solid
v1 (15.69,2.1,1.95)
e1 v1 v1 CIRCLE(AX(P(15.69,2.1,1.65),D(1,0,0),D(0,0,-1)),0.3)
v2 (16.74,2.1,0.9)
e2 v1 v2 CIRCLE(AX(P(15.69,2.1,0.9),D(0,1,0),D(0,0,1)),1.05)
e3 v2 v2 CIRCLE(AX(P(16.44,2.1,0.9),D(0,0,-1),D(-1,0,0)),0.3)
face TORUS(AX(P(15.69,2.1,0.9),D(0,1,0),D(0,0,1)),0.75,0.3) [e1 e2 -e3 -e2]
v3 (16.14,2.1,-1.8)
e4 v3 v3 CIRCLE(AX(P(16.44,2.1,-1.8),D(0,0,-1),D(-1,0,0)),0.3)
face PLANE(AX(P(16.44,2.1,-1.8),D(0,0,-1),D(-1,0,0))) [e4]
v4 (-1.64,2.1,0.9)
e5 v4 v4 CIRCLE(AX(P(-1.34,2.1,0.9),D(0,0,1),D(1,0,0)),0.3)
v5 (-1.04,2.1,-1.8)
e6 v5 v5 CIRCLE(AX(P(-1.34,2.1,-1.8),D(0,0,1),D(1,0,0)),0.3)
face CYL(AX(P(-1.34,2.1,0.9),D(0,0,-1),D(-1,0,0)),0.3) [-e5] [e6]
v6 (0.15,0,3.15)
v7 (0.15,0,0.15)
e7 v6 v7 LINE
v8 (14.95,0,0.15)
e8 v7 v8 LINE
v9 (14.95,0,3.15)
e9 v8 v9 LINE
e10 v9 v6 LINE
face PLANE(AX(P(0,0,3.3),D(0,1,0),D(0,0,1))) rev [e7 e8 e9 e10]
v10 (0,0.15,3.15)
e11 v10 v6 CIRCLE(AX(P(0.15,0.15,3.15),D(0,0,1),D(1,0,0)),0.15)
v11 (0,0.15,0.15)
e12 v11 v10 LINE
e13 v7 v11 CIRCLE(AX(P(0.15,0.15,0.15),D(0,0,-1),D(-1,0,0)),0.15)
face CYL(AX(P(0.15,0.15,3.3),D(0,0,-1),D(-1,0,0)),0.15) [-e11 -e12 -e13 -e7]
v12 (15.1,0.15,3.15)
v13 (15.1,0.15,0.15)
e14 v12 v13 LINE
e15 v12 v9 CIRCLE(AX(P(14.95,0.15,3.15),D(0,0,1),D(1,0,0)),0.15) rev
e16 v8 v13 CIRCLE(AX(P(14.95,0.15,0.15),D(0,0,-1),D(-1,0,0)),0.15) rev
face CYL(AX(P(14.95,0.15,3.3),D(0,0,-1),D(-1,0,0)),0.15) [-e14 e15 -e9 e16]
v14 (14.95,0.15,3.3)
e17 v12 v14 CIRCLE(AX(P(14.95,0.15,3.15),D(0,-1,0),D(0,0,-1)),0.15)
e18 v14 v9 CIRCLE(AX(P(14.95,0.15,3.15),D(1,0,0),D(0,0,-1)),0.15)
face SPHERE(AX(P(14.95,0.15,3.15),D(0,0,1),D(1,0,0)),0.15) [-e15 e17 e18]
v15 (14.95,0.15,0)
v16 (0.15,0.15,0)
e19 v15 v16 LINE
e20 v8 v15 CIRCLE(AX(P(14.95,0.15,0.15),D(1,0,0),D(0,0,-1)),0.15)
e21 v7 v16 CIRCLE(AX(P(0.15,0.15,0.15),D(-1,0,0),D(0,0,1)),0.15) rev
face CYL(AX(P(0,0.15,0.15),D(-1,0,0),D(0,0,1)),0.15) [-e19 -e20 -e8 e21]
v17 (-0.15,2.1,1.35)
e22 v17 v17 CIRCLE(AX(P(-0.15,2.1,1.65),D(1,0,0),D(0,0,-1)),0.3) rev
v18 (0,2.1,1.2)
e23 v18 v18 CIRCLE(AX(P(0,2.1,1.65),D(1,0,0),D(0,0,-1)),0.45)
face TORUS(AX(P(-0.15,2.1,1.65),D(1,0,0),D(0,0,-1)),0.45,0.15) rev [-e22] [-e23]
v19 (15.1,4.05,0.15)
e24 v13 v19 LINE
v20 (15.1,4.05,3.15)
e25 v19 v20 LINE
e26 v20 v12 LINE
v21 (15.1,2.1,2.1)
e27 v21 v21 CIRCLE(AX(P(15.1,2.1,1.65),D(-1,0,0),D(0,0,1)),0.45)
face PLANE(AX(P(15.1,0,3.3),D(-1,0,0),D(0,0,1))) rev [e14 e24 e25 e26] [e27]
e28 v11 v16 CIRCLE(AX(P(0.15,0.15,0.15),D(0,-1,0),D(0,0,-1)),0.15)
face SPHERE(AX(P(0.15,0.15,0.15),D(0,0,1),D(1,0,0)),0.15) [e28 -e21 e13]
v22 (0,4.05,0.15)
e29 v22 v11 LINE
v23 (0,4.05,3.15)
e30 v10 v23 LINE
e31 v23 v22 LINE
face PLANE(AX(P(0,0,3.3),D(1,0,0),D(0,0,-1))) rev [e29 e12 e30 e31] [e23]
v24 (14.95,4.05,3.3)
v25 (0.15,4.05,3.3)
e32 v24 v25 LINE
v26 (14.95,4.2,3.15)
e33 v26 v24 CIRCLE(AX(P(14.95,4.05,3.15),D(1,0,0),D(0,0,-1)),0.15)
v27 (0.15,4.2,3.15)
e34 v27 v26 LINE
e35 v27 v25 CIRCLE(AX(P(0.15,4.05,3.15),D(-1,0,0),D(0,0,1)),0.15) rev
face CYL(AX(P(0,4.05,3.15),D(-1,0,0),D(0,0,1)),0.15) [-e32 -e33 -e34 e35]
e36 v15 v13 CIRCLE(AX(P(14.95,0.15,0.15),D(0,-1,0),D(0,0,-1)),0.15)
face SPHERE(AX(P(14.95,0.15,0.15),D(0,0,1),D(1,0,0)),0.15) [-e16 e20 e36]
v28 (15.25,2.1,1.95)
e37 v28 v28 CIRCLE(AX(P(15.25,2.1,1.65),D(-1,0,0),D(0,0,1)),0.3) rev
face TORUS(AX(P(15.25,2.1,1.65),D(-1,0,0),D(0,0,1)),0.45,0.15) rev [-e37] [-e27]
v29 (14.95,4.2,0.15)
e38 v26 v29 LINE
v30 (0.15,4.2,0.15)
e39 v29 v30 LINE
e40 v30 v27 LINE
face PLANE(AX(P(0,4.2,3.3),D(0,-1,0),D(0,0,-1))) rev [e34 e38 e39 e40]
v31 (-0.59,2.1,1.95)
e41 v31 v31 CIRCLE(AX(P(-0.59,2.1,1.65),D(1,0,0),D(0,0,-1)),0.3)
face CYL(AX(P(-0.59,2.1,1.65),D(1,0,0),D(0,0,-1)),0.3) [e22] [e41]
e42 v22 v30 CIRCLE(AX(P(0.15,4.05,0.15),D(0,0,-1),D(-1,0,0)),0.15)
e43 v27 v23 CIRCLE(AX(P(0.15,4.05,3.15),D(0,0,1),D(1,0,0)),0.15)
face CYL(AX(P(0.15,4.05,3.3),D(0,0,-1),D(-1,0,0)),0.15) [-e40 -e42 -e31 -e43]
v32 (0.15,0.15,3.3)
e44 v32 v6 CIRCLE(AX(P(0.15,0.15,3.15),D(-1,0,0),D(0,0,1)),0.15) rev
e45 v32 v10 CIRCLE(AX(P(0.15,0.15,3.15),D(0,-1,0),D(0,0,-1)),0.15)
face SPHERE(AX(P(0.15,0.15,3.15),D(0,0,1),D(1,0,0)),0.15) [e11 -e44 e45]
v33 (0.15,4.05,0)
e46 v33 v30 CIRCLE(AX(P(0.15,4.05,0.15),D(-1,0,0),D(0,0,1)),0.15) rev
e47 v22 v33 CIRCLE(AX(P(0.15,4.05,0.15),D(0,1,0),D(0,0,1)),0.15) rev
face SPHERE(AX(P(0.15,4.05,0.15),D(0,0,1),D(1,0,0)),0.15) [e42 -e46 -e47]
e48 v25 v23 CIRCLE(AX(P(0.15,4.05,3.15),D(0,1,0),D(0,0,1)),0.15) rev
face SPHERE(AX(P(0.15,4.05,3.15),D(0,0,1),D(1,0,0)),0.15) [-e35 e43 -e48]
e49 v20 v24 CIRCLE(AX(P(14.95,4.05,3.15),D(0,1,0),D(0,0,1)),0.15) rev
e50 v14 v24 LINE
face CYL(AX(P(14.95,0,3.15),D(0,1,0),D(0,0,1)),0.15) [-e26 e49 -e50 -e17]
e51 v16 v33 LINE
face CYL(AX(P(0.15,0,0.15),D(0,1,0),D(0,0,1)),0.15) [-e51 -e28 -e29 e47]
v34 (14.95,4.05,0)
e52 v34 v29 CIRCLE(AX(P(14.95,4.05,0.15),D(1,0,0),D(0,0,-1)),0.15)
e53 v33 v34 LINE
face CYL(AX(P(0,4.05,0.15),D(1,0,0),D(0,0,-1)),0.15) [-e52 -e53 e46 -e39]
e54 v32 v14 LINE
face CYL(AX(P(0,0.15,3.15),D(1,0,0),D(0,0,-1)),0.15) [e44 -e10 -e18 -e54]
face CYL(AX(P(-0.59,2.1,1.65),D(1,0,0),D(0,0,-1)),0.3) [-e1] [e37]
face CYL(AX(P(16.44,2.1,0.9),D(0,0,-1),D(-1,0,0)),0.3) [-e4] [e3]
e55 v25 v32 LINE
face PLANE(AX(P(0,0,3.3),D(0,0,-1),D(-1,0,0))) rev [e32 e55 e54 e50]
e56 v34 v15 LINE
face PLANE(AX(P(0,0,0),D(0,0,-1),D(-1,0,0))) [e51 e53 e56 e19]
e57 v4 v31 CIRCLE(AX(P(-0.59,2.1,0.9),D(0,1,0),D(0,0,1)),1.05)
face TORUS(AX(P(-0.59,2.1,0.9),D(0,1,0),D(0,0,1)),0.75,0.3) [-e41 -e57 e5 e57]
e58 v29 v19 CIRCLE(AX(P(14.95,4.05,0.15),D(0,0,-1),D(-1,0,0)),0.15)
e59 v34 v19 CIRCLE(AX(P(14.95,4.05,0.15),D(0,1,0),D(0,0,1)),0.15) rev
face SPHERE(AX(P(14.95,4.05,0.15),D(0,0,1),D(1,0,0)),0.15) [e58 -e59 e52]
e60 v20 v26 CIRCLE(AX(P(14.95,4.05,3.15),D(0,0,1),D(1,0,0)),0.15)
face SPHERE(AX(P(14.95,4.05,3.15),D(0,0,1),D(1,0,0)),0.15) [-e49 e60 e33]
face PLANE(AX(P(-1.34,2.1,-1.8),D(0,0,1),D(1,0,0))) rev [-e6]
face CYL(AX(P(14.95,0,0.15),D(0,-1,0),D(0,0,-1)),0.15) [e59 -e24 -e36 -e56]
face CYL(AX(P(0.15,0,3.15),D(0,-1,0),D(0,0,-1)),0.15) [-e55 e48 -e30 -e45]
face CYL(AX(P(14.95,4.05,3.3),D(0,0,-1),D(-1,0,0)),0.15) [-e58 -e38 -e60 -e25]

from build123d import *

# Parameters (mm, degrees)
SKETCH1_W           = 15.1
SKETCH1_H           = 4.2
BOSS_EXTRUDE1_DEPTH = 3.3
SKETCH5_R           = 0.3
FILLET1_R           = 0.15


with BuildPart() as part:
    # Sketch1 → Boss-Extrude1 (new body)
    with BuildSketch(Plane.XY):
        with Locations((7.55, 2.1)):
            Rectangle(SKETCH1_W, SKETCH1_H)
    extrude(amount=BOSS_EXTRUDE1_DEPTH)

    # Sweep3: sweep along a path in Sketch2
    with BuildLine(Plane(origin=(0, 2.1, 0), x_dir=(1, 0, 0), z_dir=(0, 1, 0))) as sweep3_path:
        Line((16.44, 1.8), (16.44, -0.9))
        ThreePointArc((16.44, -0.9), (16.220330086, -1.430330086), (15.69, -1.65))
        Line((15.69, -1.65), (15.1, -1.65))
        Line((15.1, -1.65), (0, -1.65))
        Line((0, -1.65), (-0.59, -1.65))
        ThreePointArc((-0.59, -1.65), (-1.120330086, -1.430330086), (-1.34, -0.9))
        Line((-1.34, -0.9), (-1.34, 1.8))
    # Sketch5 → Sweep3 (sweep)
    with BuildSketch(Plane.XY.offset(-1.8)):
        with Locations((-1.34, 2.1)):
            Circle(SKETCH5_R)
    sweep(path=sweep3_path.line)

    # Fillet1
    fillet1_edges = [part.edges().sort_by_distance(p)[0] for p in [
        (15.1, 2.1, 3.3),
        (7.55, 4.2, 3.3),
        (0, 2.1, 1.95),
        (15.1, 2.1, 1.95),
        (0, 2.1, 3.3),
        (7.55, 4.2, 0),
        (15.1, 2.1, 0),
        (7.55, 0, 0),
        (0, 2.1, 0),
        (7.55, 0, 3.3),
        (0, 4.2, 1.65),
        (15.1, 4.2, 1.65),
        (15.1, 0, 1.65),
        (0, 0, 1.65),
    ]]
    fillet(fillet1_edges, radius=FILLET1_R)


solid = part.part
